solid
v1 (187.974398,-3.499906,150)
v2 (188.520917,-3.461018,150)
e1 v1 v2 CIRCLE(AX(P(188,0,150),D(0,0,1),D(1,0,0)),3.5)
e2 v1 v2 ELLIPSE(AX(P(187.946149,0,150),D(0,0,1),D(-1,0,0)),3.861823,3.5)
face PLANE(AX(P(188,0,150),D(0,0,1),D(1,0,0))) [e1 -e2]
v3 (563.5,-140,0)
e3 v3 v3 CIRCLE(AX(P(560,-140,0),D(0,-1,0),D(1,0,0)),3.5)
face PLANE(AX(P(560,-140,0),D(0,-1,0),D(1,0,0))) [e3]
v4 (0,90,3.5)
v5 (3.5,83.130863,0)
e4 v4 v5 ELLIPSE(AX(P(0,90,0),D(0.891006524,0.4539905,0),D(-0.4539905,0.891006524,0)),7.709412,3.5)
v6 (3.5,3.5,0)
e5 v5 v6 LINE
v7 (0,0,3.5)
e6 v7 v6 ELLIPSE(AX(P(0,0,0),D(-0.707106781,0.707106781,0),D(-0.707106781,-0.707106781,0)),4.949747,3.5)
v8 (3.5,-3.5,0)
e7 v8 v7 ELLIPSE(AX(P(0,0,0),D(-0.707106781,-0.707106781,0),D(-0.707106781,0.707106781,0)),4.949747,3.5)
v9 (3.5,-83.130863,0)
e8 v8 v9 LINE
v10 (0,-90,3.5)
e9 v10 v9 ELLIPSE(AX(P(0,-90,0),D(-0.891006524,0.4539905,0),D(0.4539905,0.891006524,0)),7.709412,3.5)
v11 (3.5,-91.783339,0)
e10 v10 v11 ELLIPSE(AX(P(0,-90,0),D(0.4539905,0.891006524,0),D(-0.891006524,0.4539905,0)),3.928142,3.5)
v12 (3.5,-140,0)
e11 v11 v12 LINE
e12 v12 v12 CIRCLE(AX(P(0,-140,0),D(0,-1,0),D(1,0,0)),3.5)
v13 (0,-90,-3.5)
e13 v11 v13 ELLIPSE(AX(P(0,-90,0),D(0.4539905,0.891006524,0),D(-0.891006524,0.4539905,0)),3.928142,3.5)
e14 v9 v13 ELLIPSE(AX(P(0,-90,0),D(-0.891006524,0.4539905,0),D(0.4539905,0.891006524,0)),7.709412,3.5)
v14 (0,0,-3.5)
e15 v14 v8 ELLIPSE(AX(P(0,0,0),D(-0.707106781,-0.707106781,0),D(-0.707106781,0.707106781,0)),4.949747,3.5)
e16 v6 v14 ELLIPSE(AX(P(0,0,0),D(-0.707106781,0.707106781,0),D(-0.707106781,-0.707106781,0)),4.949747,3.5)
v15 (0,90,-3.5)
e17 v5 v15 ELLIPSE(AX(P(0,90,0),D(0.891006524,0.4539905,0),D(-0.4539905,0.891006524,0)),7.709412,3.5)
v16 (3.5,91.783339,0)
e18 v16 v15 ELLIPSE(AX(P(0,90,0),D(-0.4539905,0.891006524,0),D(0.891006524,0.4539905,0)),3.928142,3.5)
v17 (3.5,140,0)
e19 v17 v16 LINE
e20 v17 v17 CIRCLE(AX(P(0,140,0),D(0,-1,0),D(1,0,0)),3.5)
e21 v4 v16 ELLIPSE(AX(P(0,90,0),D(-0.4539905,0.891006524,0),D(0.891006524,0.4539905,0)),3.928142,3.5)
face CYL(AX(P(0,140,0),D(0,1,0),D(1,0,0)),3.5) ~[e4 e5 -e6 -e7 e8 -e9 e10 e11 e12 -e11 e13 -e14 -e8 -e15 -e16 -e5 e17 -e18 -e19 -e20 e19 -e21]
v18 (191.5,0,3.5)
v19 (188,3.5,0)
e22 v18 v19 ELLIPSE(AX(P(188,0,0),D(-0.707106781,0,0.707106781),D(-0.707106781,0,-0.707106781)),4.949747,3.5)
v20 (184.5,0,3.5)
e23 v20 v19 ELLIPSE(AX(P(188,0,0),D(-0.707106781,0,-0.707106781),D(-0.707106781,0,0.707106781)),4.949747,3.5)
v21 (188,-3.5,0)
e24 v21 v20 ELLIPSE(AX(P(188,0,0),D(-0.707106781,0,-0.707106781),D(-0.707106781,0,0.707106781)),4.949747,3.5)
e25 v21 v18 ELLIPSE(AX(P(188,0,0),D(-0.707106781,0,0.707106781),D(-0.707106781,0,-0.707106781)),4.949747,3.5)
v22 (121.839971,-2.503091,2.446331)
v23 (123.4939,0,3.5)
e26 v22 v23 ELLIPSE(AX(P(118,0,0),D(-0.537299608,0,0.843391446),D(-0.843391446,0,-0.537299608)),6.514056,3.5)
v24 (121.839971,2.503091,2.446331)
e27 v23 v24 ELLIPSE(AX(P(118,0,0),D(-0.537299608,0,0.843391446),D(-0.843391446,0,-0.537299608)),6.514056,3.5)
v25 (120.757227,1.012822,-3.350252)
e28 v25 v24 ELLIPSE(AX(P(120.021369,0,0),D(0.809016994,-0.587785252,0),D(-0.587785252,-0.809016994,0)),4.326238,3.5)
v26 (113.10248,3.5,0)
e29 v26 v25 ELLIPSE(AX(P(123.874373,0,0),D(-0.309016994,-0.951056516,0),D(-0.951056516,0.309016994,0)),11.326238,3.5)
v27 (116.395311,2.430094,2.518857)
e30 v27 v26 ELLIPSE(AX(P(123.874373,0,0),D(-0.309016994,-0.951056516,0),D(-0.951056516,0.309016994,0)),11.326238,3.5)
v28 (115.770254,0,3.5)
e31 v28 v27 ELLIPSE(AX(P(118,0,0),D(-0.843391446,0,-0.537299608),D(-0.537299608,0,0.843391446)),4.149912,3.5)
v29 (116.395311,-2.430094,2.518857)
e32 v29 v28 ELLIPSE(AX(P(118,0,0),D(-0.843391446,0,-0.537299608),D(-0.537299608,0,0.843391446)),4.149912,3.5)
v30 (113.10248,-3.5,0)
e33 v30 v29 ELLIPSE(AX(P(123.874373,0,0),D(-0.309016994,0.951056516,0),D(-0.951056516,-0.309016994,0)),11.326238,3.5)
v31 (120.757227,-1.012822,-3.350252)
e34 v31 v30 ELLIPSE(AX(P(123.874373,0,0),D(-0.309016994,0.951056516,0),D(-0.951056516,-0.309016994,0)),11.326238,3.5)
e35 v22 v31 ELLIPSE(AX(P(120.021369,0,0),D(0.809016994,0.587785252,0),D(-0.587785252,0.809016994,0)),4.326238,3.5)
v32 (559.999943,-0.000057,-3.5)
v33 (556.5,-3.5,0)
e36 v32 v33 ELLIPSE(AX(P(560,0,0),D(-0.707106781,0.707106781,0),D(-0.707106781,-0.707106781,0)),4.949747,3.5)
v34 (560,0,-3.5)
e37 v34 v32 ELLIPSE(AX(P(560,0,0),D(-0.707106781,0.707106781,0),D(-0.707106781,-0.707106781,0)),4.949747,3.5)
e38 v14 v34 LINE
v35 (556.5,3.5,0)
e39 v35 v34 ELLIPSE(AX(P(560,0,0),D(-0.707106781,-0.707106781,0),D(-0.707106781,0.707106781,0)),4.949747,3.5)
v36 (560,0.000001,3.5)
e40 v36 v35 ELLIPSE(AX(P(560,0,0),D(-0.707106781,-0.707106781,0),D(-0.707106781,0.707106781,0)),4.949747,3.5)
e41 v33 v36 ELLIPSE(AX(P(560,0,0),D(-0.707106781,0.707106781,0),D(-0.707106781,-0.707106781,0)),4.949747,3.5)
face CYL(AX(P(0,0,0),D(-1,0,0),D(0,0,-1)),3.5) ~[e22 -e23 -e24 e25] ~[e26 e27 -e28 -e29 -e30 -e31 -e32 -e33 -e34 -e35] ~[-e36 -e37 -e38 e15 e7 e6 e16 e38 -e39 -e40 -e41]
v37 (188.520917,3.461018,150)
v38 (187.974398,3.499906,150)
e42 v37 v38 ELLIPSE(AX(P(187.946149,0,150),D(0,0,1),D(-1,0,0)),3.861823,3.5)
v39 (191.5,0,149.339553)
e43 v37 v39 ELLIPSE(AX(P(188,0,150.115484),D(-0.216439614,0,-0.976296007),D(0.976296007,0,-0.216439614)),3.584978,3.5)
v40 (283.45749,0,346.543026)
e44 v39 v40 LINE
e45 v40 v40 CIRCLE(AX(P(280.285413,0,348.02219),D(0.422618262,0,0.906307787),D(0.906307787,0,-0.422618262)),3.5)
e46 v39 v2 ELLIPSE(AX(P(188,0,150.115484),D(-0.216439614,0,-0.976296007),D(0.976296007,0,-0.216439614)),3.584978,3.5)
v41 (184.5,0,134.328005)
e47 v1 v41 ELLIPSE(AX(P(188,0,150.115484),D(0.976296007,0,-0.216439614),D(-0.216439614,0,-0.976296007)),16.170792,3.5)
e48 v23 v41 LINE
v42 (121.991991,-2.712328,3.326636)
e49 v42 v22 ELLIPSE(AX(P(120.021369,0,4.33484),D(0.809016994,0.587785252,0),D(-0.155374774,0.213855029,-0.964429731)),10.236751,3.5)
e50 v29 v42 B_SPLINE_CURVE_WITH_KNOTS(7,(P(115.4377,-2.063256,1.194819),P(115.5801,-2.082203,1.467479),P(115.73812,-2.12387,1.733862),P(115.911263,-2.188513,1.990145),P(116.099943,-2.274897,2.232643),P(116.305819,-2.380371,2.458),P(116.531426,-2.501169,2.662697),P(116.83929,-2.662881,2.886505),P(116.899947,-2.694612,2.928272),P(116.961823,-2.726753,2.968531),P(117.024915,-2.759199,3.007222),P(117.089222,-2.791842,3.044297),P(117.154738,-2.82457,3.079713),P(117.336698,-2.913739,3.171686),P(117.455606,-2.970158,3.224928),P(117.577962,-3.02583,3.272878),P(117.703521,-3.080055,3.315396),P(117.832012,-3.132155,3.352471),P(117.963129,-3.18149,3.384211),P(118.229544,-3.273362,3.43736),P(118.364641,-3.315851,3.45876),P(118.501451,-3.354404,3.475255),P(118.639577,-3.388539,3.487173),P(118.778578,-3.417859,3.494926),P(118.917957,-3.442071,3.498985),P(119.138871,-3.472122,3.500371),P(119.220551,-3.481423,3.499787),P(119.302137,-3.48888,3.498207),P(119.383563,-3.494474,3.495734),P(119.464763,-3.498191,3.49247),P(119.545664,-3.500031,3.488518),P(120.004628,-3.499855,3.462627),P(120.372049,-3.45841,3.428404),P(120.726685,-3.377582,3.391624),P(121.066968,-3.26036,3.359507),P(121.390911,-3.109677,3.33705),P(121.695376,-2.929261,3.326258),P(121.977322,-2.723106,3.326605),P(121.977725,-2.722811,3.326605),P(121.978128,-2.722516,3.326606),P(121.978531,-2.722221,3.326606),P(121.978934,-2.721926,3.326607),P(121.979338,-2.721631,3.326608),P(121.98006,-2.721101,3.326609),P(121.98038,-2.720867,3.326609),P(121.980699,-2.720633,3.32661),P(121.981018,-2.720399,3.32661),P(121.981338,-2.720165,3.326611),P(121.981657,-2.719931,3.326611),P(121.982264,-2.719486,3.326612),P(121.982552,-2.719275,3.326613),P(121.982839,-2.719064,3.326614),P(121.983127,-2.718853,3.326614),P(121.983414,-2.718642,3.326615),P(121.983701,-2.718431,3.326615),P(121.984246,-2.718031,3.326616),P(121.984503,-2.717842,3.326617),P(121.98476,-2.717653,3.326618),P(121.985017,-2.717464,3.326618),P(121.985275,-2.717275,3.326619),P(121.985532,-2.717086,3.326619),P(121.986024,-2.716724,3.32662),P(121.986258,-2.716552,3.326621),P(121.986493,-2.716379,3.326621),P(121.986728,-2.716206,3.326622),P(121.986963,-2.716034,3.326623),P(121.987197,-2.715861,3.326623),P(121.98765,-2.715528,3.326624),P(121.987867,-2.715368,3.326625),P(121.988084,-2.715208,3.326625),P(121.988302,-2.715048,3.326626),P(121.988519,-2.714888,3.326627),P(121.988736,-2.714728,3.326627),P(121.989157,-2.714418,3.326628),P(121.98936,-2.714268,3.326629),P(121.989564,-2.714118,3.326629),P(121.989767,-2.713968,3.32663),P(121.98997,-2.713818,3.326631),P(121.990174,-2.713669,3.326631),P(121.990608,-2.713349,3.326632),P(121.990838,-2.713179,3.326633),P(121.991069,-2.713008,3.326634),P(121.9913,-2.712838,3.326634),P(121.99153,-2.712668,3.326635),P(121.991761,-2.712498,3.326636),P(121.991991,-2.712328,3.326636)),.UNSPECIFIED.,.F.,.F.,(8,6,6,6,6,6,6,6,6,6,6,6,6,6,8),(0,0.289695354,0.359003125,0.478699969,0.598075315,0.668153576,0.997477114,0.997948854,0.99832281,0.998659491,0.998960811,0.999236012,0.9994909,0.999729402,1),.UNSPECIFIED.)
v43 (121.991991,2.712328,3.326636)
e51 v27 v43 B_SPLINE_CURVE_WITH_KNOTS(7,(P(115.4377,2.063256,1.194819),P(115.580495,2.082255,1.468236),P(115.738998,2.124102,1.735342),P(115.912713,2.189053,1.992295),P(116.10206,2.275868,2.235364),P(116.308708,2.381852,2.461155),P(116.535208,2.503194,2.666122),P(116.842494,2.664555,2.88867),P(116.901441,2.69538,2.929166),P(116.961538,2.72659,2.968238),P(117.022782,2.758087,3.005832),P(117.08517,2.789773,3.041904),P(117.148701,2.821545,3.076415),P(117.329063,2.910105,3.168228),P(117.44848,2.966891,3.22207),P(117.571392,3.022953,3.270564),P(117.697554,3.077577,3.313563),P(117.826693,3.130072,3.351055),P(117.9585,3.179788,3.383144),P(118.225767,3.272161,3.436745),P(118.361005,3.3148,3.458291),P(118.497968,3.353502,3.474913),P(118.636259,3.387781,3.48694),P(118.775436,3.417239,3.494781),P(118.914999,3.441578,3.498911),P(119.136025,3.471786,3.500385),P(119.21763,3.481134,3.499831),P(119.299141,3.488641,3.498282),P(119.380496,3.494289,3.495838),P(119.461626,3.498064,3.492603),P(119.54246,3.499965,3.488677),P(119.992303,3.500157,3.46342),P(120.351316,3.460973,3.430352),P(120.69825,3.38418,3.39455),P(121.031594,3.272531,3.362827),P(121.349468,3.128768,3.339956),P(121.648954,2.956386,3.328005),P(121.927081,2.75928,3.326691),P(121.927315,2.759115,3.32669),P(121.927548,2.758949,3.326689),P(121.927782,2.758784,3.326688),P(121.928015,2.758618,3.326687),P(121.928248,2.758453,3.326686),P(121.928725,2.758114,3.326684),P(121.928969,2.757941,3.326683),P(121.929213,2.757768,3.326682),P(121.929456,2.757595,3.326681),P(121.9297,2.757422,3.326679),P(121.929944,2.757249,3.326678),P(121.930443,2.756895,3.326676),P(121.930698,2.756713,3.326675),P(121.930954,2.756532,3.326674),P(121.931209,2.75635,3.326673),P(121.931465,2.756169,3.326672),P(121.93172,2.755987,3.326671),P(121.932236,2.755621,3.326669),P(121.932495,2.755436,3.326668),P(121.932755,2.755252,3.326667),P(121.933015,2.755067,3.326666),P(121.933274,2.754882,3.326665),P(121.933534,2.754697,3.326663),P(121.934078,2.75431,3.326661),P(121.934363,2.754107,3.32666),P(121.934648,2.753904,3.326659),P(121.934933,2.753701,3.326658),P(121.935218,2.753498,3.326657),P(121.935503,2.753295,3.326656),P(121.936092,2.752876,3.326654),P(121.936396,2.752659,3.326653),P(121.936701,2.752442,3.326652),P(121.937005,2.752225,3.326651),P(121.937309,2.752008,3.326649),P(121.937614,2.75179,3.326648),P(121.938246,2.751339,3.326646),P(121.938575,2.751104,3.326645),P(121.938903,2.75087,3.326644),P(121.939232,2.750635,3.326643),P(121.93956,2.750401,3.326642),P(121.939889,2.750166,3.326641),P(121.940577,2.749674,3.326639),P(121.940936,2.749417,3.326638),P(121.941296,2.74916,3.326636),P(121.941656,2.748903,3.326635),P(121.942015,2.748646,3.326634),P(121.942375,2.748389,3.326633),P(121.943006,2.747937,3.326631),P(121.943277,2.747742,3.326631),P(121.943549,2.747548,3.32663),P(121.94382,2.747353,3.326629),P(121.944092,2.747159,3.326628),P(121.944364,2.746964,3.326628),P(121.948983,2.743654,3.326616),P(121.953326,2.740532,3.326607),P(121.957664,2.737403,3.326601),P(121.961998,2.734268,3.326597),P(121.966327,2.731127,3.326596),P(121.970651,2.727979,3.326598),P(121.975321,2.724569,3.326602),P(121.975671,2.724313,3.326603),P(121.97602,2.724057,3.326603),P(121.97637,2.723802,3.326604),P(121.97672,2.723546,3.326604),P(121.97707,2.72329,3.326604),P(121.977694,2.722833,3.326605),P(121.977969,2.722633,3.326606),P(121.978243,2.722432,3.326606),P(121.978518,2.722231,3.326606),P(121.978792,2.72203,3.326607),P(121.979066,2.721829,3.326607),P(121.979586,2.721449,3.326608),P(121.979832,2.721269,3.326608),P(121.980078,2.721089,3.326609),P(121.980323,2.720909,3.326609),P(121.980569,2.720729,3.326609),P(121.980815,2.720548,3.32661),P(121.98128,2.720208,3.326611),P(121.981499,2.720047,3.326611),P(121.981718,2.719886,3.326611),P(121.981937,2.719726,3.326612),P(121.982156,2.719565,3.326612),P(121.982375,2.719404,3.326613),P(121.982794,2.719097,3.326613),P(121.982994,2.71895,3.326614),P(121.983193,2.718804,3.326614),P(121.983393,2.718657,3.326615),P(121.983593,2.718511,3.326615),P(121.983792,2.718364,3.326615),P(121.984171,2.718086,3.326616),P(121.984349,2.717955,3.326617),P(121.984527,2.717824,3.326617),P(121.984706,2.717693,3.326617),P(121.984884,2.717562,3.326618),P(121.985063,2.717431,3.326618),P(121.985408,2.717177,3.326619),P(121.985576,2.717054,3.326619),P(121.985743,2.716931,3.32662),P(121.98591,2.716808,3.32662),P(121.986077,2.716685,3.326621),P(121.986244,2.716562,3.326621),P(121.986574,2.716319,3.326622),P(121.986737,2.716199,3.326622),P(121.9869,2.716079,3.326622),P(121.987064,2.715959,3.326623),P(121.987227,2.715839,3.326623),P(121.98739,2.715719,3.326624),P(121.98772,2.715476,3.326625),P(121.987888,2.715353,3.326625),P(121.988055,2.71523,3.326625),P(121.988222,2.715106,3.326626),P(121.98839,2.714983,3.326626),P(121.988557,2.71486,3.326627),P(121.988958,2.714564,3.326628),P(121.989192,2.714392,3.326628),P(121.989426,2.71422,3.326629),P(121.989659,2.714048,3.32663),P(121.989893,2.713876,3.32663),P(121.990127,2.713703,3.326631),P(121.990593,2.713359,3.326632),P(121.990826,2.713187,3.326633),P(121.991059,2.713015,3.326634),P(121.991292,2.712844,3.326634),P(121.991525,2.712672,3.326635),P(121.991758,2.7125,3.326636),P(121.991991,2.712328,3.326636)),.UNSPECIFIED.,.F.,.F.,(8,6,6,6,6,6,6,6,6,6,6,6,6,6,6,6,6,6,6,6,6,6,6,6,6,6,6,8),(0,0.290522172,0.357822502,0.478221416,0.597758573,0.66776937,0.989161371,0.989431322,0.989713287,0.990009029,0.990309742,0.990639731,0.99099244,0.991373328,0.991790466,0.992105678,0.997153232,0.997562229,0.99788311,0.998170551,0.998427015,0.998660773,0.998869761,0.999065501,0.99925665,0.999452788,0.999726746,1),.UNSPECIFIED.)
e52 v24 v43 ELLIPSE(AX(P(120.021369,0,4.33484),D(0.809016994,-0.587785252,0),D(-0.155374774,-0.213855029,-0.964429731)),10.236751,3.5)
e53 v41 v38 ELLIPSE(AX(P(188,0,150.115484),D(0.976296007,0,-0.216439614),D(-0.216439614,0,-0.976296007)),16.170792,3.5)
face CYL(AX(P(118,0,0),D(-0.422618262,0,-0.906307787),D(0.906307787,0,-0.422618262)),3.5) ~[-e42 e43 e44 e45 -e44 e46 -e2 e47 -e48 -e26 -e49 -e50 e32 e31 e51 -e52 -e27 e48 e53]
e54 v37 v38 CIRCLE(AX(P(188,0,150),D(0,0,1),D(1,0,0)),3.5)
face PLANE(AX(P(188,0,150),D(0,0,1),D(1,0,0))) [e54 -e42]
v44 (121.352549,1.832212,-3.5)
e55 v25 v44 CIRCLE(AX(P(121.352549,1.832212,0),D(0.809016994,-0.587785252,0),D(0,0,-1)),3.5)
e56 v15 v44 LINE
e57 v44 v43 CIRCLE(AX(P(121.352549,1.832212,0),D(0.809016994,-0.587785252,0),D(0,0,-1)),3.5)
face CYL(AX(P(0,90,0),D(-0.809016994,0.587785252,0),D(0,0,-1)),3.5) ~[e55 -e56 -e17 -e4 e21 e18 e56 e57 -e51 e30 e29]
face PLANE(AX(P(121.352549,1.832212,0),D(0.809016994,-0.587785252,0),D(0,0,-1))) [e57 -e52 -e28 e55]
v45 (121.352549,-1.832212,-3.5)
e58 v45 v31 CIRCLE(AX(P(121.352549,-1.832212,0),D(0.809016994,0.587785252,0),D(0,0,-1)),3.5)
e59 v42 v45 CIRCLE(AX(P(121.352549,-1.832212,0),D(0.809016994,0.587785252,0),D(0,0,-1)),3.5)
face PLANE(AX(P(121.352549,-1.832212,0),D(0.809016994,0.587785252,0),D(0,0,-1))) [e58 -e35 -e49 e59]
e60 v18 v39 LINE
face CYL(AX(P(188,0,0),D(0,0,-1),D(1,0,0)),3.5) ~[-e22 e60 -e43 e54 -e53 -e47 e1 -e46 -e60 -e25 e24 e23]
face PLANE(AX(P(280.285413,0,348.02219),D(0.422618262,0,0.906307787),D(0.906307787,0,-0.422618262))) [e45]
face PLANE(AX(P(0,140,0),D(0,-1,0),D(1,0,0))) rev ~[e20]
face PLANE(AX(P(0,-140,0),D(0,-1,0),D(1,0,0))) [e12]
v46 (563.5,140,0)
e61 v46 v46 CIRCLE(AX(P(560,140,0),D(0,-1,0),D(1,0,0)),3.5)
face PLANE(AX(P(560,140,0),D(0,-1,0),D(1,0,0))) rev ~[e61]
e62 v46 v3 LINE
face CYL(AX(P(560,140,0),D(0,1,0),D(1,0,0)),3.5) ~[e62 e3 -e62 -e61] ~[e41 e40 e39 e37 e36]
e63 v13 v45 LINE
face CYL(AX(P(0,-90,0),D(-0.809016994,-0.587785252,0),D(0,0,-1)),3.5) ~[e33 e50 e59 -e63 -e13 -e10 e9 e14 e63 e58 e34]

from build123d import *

# Parameters (mm, degrees)
CYLINDER001_R               = 3.5
CYLINDER001_DEPTH           = 280
CYLINDER001_ROLL_ANGLE      = 90
CYLINDER003_R               = 3.5
CYLINDER003_DEPTH           = 150
CYLINDER003_PITCH_ANGLE     = 90
CYLINDER003_PLACEMENT_ANGLE = 36
CYLINDER002_R               = 3.5
CYLINDER002_DEPTH           = 280
CYLINDER002_ROLL_ANGLE      = 90
CYLINDER004_R               = 3.5
CYLINDER004_DEPTH           = 150
CYLINDER004_PITCH_ANGLE     = 90
CYLINDER004_PLACEMENT_ANGLE = -36
CYLINDER005_R               = 3.5
CYLINDER005_DEPTH           = 150
CYLINDER006_R               = 3.5
CYLINDER006_DEPTH           = 384
CYLINDER006_PLACEMENT_ANGLE = 25
CYLINDER_R                  = 3.5
CYLINDER_DEPTH              = 560
CYLINDER_PITCH_ANGLE        = 90


with BuildPart() as eje_ruedas_traseras:
    # Cylinder001 → Cylinder001 (new body)
    with BuildSketch(Plane.XY):
        Circle(CYLINDER001_R)
    extrude(amount=CYLINDER001_DEPTH)


with BuildPart() as eje_ruedas_traseras_1:
    # Cylinder001 roll: moved
    add(eje_ruedas_traseras.part.rotate(Axis((0, 0, 0), (1, 0, 0)), CYLINDER001_ROLL_ANGLE))


with BuildPart() as eje_ruedas_traseras_2:
    # Cylinder001 placement: moved
    add(eje_ruedas_traseras_1.part.moved(Location((0, 140, 0))))


with BuildPart() as soporte_derecho:
    # Cylinder003 → Cylinder003 (new body)
    with BuildSketch(Plane.XY):
        Circle(CYLINDER003_R)
    extrude(amount=CYLINDER003_DEPTH)


with BuildPart() as soporte_derecho_1:
    # Cylinder003 pitch: moved
    add(soporte_derecho.part.rotate(Axis((0, 0, 0), (0, 1, 0)), CYLINDER003_PITCH_ANGLE))


with BuildPart() as soporte_derecho_2:
    # Cylinder003 placement: moved
    add(soporte_derecho_1.part.moved(Location((0, -90, 0))).rotate(Axis((0, -90, 0), (0, 0, 1)), CYLINDER003_PLACEMENT_ANGLE))


with BuildPart() as eje_ruedas_delanteras:
    # Cylinder002 → Cylinder002 (new body)
    with BuildSketch(Plane.XY):
        Circle(CYLINDER002_R)
    extrude(amount=CYLINDER002_DEPTH)


with BuildPart() as eje_ruedas_delanteras_1:
    # Cylinder002 roll: moved
    add(eje_ruedas_delanteras.part.rotate(Axis((0, 0, 0), (1, 0, 0)), CYLINDER002_ROLL_ANGLE))


with BuildPart() as eje_ruedas_delanteras_2:
    # Cylinder002 placement: moved
    add(eje_ruedas_delanteras_1.part.moved(Location((560, 140, 0))))


with BuildPart() as soporte_izquierdo:
    # Cylinder004 → Cylinder004 (new body)
    with BuildSketch(Plane.XY):
        Circle(CYLINDER004_R)
    extrude(amount=CYLINDER004_DEPTH)


with BuildPart() as soporte_izquierdo_1:
    # Cylinder004 pitch: moved
    add(soporte_izquierdo.part.rotate(Axis((0, 0, 0), (0, 1, 0)), CYLINDER004_PITCH_ANGLE))


with BuildPart() as soporte_izquierdo_2:
    # Cylinder004 placement: moved
    add(soporte_izquierdo_1.part.moved(Location((0, 90, 0))).rotate(Axis((0, 90, 0), (0, 0, 1)), CYLINDER004_PLACEMENT_ANGLE))


with BuildPart() as soporte_mastil:
    # Cylinder005 → Cylinder005 (new body)
    with BuildSketch(Plane(origin=(188, 0, 0), x_dir=(1, 0, 0), z_dir=(0, 0, 1))):
        Circle(CYLINDER005_R)
    extrude(amount=CYLINDER005_DEPTH)


with BuildPart() as mastil:
    # Cylinder006 → Cylinder006 (new body)
    with BuildSketch(Plane.XY):
        Circle(CYLINDER006_R)
    extrude(amount=CYLINDER006_DEPTH)


with BuildPart() as mastil_1:
    # Cylinder006 placement: moved
    add(mastil.part.moved(Location((118, 0, 0))).rotate(Axis((118, 0, 0), (0, 1, 0)), CYLINDER006_PLACEMENT_ANGLE))


with BuildPart() as estructura_exo:
    # Cylinder → Cylinder (new body)
    with BuildSketch(Plane.XY):
        Circle(CYLINDER_R)
    extrude(amount=CYLINDER_DEPTH)


with BuildPart() as estructura_exo_1:
    # Cylinder pitch: moved
    add(estructura_exo.part.rotate(Axis((0, 0, 0), (0, 1, 0)), CYLINDER_PITCH_ANGLE))


with BuildPart() as estructura_exo_2:
    # Cylinder placement: moved
    add(estructura_exo_1.part)

    # Fusion: union Eje Ruedas traseras, Soporte Derecho, Eje Ruedas delanteras, Soporte Izquierdo, Soporte Mastil, Mastil
    add(eje_ruedas_traseras_2.part)
    add(soporte_derecho_2.part)
    add(eje_ruedas_delanteras_2.part)
    add(soporte_izquierdo_2.part)
    add(soporte_mastil.part)
    add(mastil_1.part)


solid = estructura_exo_2.part
